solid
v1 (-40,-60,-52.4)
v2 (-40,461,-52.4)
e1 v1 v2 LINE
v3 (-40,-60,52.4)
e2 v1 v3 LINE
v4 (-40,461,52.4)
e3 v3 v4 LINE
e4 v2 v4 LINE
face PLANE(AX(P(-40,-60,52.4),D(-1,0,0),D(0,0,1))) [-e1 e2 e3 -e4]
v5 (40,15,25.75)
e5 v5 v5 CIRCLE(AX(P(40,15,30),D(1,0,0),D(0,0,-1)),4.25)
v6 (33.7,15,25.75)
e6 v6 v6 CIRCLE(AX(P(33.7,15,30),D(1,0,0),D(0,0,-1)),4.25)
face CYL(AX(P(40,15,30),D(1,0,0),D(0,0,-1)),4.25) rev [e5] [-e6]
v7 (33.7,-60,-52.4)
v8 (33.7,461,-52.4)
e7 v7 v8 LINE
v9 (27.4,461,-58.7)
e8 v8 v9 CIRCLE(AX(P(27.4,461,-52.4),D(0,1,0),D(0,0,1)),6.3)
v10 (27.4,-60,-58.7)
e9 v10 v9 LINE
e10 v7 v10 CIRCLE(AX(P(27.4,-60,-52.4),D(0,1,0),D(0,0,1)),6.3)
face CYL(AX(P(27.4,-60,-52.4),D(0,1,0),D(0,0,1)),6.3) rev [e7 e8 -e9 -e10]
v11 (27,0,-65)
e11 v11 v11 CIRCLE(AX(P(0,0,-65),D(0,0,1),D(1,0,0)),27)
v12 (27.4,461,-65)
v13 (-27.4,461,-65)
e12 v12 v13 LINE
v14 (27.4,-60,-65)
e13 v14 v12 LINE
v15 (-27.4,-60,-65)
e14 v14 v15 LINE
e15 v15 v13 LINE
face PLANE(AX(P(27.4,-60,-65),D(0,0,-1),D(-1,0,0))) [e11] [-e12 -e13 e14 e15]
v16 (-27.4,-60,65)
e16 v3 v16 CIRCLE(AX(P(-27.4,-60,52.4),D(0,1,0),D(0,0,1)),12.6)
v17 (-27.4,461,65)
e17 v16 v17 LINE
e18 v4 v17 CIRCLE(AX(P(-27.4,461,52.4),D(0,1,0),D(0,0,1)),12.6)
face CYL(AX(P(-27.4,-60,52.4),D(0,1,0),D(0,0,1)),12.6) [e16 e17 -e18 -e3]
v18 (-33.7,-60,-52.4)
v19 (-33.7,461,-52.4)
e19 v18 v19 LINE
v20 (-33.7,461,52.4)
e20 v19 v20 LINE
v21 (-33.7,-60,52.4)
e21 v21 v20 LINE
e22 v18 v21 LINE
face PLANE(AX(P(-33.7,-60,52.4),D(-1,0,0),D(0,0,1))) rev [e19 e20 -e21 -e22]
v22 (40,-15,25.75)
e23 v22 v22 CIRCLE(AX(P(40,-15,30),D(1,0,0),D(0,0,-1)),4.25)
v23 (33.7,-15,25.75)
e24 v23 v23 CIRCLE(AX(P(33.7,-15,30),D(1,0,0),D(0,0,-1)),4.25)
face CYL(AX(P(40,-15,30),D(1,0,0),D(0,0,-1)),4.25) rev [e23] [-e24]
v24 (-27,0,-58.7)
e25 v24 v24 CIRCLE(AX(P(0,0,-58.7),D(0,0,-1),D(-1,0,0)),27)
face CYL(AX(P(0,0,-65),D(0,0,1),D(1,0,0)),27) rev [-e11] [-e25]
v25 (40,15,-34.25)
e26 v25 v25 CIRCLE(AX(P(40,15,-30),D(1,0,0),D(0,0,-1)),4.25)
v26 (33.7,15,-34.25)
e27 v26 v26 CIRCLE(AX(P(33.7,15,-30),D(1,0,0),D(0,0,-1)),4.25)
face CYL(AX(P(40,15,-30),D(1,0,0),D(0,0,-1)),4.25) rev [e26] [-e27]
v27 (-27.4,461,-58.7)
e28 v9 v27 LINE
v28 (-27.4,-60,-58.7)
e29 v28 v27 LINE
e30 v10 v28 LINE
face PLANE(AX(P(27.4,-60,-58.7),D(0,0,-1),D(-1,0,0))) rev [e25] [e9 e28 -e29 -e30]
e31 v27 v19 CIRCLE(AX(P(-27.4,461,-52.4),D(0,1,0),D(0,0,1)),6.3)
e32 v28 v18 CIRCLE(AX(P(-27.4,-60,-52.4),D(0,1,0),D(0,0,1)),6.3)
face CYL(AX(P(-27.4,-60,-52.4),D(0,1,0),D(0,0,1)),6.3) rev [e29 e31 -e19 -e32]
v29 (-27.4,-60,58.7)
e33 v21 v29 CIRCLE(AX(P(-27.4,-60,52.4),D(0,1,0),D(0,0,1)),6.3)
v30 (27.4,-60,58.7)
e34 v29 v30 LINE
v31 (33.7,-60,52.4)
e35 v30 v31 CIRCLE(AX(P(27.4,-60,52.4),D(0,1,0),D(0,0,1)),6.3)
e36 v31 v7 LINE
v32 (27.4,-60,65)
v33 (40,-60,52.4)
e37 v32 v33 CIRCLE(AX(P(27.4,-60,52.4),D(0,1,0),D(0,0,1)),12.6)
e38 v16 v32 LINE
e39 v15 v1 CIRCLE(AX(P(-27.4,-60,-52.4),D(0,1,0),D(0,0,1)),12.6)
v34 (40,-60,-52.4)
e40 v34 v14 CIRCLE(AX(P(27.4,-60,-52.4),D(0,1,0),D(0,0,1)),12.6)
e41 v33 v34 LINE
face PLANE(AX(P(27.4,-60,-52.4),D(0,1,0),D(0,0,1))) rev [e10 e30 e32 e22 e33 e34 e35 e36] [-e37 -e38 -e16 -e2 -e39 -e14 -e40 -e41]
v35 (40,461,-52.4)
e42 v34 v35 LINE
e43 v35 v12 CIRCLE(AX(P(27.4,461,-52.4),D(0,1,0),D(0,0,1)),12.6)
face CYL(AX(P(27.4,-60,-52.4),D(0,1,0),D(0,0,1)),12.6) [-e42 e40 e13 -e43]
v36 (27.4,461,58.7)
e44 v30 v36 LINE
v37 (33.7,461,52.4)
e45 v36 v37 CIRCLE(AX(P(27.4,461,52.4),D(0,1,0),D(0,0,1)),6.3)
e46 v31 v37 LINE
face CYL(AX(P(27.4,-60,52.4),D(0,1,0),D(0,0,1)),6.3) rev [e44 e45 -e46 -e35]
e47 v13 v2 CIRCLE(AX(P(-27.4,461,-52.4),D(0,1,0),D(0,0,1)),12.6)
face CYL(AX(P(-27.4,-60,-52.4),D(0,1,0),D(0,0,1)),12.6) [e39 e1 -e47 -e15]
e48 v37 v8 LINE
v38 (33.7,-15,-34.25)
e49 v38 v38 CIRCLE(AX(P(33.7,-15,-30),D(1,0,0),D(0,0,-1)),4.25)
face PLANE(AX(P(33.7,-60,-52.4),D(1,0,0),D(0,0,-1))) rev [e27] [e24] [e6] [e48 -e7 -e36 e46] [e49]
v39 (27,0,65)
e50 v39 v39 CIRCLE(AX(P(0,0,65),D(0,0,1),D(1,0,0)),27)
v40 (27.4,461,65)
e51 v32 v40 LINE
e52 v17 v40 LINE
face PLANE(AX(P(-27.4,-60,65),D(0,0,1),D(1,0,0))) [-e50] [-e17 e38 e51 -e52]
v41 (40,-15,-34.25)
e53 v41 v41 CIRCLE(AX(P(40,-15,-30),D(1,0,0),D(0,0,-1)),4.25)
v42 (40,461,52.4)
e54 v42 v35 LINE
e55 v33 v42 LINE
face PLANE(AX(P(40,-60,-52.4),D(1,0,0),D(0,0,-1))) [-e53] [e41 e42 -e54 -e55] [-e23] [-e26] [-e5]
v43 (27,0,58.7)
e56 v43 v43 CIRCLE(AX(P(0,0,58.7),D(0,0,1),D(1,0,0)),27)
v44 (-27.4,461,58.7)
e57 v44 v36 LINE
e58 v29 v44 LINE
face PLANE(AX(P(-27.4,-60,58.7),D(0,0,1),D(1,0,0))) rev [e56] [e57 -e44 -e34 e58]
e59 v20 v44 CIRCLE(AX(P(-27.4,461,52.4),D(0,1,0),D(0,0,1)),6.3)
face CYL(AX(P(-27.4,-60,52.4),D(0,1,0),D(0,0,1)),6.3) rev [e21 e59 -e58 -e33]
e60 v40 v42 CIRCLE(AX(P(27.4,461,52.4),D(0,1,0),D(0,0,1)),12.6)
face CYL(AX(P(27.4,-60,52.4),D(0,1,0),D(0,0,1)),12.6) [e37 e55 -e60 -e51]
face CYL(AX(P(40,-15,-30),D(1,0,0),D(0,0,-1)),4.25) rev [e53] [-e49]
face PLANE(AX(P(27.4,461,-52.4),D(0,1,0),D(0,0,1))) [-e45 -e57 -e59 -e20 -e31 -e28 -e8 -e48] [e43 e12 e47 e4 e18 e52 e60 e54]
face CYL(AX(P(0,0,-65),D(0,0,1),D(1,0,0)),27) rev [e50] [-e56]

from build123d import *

# Parameters (mm, degrees)
AUFSATZ_LINEAR_AUSTRAGEN1_DEPTH      = 461
AUFSATZ_LINEAR_AUSTRAGEN1_DEPTH_BACK = 60
SCHNITT_LINEAR_AUSTRAGEN1_DEPTH      = 468.275079584
SCHNITT_LINEAR_AUSTRAGEN1_DEPTH_BACK = 468.275079584
SKIZZE3_R                            = 27
LINEARES_MUSTER2_COUNT               = 2
LINEARES_MUSTER2_PITCH               = 60
LINEARES_MUSTER2_COUNT_DIR2          = 2
LINEARES_MUSTER2_PITCH_DIR2          = 30


with BuildPart() as part:
    # Skizze1 → Aufsatz-Linear austragen1 (new, two sides: drawn at the far end of the back side and taken through both)
    with BuildSketch(Plane(origin=(0, 0, 0), x_dir=(1, 0, 0), z_dir=(0, 1, 0)).offset(-AUFSATZ_LINEAR_AUSTRAGEN1_DEPTH_BACK)):
        with BuildLine():
            Line((-27.4, -65), (27.4, -65))
            ThreePointArc((27.4, -65), (36.309545443, -61.309545443), (40, -52.4))
            Line((40, -52.4), (40, 52.4))
            ThreePointArc((40, 52.4), (36.309545443, 61.309545443), (27.4, 65))
            Line((27.4, 65), (-27.4, 65))
            ThreePointArc((-27.4, 65), (-36.309545443, 61.309545443), (-40, 52.4))
            Line((-40, 52.4), (-40, -52.4))
            ThreePointArc((-40, -52.4), (-36.309545443, -61.309545443), (-27.4, -65))
        make_face()
        with BuildLine():
            Line((-27.4, -58.7), (27.4, -58.7))
            ThreePointArc((27.4, -58.7), (31.854772721, -56.854772721), (33.7, -52.4))
            Line((33.7, -52.4), (33.7, 52.4))
            ThreePointArc((33.7, 52.4), (31.854772721, 56.854772721), (27.4, 58.7))
            Line((27.4, 58.7), (-27.4, 58.7))
            ThreePointArc((-27.4, 58.7), (-31.854772721, 56.854772721), (-33.7, 52.4))
            Line((-33.7, 52.4), (-33.7, -52.4))
            ThreePointArc((-33.7, -52.4), (-31.854772721, -56.854772721), (-27.4, -58.7))
        make_face(mode=Mode.SUBTRACT)
    extrude(amount=AUFSATZ_LINEAR_AUSTRAGEN1_DEPTH + AUFSATZ_LINEAR_AUSTRAGEN1_DEPTH_BACK)

    # Skizze3 → Schnitt-Linear austragen1 (cut, two sides: drawn at the far end of the back side and taken through both)
    with BuildSketch(Plane.XY.offset(-SCHNITT_LINEAR_AUSTRAGEN1_DEPTH_BACK)):
        Circle(SKIZZE3_R)
    extrude(amount=SCHNITT_LINEAR_AUSTRAGEN1_DEPTH + SCHNITT_LINEAR_AUSTRAGEN1_DEPTH_BACK, mode=Mode.SUBTRACT)

    # Skizze7 → M10 Gewindebohrung2 (revolve, cut)
    with BuildSketch(Plane(origin=(40, -15, 30), x_dir=(0, 0, -1), z_dir=(0, 1, 0))):
        Polygon((0, 0), (0, 30.053657631), (4.25, 27.5), (4.25, 0), align=None)
    m10_gewindebohrung2 = revolve(axis=Axis((46.35, -15, 30), (-1, 0, 0)), mode=Mode.SUBTRACT)

    # Lineares Muster2: M10 Gewindebohrung2 2 × 2
    with Locations(*[(0, j * LINEARES_MUSTER2_PITCH_DIR2, -i * LINEARES_MUSTER2_PITCH) for i in range(LINEARES_MUSTER2_COUNT) for j in range(LINEARES_MUSTER2_COUNT_DIR2) if (i, j) != (0, 0)]):
        add(m10_gewindebohrung2, mode=Mode.SUBTRACT)


solid = part.part
